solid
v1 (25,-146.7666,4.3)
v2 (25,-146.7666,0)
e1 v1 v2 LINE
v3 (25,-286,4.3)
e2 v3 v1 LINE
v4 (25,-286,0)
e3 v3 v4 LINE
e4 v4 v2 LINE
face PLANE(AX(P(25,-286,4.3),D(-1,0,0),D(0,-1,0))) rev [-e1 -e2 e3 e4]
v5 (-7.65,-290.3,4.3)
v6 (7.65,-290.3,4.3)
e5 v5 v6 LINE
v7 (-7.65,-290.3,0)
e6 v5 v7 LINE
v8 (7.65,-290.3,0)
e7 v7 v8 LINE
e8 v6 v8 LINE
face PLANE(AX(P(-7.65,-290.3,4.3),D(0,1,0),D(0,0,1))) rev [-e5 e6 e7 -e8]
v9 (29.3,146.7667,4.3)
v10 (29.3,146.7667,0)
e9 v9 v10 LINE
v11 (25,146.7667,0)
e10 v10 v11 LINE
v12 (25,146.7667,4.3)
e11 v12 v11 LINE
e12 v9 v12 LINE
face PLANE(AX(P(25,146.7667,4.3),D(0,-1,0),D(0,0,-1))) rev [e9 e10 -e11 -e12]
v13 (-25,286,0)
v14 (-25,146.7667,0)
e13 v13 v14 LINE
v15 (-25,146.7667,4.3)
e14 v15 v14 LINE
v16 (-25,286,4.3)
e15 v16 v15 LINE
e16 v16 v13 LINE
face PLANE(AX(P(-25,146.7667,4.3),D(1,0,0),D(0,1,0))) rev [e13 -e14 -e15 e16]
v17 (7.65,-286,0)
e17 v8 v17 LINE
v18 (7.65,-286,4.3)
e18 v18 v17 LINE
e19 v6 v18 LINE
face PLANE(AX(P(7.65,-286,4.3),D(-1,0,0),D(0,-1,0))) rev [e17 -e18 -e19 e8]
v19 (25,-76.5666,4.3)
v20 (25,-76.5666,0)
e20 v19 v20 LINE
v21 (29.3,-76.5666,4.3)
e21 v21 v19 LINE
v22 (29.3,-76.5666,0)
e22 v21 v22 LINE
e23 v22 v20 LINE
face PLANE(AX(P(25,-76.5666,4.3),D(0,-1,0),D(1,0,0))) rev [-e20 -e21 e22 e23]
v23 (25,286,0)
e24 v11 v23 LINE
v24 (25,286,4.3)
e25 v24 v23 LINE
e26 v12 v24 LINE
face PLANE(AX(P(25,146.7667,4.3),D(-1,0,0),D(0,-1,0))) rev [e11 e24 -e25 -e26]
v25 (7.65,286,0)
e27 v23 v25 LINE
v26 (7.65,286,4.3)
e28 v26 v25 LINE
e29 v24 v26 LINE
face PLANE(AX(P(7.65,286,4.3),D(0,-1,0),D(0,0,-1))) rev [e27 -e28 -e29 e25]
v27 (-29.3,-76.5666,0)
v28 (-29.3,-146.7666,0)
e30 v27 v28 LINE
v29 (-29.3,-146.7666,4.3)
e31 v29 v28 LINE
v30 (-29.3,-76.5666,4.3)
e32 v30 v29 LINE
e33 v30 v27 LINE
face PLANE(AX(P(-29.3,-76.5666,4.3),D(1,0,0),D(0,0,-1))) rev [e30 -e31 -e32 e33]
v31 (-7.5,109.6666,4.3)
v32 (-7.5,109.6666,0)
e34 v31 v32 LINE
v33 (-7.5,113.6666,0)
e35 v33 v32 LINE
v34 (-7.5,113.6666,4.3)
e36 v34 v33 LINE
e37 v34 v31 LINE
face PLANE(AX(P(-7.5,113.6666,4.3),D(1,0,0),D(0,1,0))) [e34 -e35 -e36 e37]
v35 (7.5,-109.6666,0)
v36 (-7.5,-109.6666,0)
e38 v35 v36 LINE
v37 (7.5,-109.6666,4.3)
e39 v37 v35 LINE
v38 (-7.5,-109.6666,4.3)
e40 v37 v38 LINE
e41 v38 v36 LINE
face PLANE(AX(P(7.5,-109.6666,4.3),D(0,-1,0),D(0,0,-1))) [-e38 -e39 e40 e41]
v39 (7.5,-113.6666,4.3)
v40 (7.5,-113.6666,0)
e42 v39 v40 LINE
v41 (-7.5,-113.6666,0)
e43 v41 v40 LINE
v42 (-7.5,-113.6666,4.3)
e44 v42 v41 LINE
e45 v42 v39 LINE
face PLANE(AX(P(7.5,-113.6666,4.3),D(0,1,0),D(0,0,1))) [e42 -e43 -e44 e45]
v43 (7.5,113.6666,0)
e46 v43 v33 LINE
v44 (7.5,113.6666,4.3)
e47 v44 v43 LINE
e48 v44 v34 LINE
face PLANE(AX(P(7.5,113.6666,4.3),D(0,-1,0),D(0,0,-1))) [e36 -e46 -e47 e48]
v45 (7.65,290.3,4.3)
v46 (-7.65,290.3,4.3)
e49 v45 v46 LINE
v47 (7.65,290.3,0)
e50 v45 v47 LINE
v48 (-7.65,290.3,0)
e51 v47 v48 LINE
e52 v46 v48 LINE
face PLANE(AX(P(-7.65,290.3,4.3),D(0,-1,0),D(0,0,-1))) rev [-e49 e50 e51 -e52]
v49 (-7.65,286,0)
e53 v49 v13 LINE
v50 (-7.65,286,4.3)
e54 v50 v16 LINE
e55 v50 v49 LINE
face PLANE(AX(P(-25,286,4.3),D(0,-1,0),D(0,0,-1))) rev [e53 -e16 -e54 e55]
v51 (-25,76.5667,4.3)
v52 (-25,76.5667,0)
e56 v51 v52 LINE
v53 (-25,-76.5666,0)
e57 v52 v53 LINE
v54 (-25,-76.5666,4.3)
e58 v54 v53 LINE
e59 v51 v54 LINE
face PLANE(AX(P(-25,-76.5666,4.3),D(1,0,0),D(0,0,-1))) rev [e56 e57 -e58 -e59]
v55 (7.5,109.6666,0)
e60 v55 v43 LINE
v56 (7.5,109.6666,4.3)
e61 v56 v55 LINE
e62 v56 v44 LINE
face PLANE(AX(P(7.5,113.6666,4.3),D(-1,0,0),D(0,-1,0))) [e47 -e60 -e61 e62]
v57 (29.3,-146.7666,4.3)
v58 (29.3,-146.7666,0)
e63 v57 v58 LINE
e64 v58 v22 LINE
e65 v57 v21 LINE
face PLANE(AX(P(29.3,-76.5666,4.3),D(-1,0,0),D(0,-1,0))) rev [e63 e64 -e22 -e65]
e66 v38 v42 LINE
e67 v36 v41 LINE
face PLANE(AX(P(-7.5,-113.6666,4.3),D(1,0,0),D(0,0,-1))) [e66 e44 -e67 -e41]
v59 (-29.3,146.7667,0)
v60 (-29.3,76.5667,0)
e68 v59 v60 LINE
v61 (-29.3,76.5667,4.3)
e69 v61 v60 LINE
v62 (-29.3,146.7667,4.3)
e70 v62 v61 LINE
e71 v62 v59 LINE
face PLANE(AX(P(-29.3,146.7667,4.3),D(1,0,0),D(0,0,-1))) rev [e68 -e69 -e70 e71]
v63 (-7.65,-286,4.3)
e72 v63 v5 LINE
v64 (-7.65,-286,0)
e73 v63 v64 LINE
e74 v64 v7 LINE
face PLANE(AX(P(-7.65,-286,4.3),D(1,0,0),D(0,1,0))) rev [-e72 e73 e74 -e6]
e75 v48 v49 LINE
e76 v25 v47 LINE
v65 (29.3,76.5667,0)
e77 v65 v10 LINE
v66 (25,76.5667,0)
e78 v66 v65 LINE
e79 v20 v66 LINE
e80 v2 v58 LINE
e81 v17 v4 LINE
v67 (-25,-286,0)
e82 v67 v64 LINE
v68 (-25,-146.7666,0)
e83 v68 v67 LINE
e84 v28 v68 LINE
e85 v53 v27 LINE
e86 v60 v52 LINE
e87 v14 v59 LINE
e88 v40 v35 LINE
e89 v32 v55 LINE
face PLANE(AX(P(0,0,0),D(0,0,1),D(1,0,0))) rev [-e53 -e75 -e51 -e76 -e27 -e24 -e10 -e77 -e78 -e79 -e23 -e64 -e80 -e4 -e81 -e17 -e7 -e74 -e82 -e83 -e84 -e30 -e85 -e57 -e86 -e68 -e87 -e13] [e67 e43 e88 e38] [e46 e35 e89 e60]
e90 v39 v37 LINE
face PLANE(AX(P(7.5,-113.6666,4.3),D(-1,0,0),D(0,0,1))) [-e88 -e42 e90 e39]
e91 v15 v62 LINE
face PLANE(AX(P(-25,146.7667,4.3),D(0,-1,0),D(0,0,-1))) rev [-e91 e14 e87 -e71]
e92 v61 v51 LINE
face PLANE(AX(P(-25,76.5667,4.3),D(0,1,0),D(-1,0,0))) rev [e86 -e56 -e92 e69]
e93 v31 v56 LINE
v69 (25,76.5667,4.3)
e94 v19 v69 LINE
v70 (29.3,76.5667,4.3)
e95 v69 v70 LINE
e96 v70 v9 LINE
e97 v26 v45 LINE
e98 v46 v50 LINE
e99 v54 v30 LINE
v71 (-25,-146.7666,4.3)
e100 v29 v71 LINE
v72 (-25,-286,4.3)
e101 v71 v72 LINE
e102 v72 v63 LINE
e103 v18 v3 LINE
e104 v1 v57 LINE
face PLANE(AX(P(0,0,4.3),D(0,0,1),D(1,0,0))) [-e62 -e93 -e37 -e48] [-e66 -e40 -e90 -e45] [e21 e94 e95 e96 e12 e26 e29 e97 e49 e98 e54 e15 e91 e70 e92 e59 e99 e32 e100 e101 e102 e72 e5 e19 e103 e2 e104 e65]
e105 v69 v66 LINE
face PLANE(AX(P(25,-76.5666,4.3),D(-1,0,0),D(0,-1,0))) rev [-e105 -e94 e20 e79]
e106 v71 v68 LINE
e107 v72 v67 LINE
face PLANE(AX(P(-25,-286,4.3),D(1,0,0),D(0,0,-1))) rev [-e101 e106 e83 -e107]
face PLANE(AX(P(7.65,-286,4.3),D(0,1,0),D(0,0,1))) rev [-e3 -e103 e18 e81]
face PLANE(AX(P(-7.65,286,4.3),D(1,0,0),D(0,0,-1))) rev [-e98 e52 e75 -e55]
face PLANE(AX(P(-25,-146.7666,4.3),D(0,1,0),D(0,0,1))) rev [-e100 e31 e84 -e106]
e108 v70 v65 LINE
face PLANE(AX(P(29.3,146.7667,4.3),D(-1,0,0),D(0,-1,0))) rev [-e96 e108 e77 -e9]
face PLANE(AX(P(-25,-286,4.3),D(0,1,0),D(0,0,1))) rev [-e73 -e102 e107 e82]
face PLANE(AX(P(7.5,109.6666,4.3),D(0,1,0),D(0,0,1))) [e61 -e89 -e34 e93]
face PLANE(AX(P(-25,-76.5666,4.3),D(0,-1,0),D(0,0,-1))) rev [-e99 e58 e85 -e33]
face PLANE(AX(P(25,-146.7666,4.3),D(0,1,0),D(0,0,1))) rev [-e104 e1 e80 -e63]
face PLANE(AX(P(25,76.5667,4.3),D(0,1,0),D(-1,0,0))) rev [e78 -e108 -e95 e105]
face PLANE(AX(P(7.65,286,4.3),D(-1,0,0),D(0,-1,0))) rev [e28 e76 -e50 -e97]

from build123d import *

# Parameters (mm, degrees)
SKETCH2_W           = 15
SKETCH2_H           = 4
BOSS_EXTRUDE1_DEPTH = 4.3


with BuildPart() as part:
    # Sketch2 → Boss-Extrude1 (new body)
    with BuildSketch(Plane.XY):
        Polygon((-25, -286), (-7.65, -286), (-7.65, -290.3), (7.65, -290.3), (7.65, -286), (25, -286), (25, -146.7666), (29.3, -146.7666), (29.3, -76.5666), (25, -76.5666), (25, 76.5667), (29.3, 76.5667), (29.3, 146.7667), (25, 146.7667), (25, 286), (7.65, 286), (7.65, 290.3), (-7.65, 290.3), (-7.65, 286), (-25, 286), (-25, 146.7667), (-29.3, 146.7667), (-29.3, 76.5667), (-25, 76.5667), (-25, -76.5666), (-29.3, -76.5666), (-29.3, -146.7666), (-25, -146.7666), align=None)
        with Locations((0, 111.6666)):
            Rectangle(SKETCH2_W, SKETCH2_H, mode=Mode.SUBTRACT)
        with Locations((0, -111.6666)):
            Rectangle(SKETCH2_W, SKETCH2_H, mode=Mode.SUBTRACT)
    extrude(amount=BOSS_EXTRUDE1_DEPTH)


solid = part.part
